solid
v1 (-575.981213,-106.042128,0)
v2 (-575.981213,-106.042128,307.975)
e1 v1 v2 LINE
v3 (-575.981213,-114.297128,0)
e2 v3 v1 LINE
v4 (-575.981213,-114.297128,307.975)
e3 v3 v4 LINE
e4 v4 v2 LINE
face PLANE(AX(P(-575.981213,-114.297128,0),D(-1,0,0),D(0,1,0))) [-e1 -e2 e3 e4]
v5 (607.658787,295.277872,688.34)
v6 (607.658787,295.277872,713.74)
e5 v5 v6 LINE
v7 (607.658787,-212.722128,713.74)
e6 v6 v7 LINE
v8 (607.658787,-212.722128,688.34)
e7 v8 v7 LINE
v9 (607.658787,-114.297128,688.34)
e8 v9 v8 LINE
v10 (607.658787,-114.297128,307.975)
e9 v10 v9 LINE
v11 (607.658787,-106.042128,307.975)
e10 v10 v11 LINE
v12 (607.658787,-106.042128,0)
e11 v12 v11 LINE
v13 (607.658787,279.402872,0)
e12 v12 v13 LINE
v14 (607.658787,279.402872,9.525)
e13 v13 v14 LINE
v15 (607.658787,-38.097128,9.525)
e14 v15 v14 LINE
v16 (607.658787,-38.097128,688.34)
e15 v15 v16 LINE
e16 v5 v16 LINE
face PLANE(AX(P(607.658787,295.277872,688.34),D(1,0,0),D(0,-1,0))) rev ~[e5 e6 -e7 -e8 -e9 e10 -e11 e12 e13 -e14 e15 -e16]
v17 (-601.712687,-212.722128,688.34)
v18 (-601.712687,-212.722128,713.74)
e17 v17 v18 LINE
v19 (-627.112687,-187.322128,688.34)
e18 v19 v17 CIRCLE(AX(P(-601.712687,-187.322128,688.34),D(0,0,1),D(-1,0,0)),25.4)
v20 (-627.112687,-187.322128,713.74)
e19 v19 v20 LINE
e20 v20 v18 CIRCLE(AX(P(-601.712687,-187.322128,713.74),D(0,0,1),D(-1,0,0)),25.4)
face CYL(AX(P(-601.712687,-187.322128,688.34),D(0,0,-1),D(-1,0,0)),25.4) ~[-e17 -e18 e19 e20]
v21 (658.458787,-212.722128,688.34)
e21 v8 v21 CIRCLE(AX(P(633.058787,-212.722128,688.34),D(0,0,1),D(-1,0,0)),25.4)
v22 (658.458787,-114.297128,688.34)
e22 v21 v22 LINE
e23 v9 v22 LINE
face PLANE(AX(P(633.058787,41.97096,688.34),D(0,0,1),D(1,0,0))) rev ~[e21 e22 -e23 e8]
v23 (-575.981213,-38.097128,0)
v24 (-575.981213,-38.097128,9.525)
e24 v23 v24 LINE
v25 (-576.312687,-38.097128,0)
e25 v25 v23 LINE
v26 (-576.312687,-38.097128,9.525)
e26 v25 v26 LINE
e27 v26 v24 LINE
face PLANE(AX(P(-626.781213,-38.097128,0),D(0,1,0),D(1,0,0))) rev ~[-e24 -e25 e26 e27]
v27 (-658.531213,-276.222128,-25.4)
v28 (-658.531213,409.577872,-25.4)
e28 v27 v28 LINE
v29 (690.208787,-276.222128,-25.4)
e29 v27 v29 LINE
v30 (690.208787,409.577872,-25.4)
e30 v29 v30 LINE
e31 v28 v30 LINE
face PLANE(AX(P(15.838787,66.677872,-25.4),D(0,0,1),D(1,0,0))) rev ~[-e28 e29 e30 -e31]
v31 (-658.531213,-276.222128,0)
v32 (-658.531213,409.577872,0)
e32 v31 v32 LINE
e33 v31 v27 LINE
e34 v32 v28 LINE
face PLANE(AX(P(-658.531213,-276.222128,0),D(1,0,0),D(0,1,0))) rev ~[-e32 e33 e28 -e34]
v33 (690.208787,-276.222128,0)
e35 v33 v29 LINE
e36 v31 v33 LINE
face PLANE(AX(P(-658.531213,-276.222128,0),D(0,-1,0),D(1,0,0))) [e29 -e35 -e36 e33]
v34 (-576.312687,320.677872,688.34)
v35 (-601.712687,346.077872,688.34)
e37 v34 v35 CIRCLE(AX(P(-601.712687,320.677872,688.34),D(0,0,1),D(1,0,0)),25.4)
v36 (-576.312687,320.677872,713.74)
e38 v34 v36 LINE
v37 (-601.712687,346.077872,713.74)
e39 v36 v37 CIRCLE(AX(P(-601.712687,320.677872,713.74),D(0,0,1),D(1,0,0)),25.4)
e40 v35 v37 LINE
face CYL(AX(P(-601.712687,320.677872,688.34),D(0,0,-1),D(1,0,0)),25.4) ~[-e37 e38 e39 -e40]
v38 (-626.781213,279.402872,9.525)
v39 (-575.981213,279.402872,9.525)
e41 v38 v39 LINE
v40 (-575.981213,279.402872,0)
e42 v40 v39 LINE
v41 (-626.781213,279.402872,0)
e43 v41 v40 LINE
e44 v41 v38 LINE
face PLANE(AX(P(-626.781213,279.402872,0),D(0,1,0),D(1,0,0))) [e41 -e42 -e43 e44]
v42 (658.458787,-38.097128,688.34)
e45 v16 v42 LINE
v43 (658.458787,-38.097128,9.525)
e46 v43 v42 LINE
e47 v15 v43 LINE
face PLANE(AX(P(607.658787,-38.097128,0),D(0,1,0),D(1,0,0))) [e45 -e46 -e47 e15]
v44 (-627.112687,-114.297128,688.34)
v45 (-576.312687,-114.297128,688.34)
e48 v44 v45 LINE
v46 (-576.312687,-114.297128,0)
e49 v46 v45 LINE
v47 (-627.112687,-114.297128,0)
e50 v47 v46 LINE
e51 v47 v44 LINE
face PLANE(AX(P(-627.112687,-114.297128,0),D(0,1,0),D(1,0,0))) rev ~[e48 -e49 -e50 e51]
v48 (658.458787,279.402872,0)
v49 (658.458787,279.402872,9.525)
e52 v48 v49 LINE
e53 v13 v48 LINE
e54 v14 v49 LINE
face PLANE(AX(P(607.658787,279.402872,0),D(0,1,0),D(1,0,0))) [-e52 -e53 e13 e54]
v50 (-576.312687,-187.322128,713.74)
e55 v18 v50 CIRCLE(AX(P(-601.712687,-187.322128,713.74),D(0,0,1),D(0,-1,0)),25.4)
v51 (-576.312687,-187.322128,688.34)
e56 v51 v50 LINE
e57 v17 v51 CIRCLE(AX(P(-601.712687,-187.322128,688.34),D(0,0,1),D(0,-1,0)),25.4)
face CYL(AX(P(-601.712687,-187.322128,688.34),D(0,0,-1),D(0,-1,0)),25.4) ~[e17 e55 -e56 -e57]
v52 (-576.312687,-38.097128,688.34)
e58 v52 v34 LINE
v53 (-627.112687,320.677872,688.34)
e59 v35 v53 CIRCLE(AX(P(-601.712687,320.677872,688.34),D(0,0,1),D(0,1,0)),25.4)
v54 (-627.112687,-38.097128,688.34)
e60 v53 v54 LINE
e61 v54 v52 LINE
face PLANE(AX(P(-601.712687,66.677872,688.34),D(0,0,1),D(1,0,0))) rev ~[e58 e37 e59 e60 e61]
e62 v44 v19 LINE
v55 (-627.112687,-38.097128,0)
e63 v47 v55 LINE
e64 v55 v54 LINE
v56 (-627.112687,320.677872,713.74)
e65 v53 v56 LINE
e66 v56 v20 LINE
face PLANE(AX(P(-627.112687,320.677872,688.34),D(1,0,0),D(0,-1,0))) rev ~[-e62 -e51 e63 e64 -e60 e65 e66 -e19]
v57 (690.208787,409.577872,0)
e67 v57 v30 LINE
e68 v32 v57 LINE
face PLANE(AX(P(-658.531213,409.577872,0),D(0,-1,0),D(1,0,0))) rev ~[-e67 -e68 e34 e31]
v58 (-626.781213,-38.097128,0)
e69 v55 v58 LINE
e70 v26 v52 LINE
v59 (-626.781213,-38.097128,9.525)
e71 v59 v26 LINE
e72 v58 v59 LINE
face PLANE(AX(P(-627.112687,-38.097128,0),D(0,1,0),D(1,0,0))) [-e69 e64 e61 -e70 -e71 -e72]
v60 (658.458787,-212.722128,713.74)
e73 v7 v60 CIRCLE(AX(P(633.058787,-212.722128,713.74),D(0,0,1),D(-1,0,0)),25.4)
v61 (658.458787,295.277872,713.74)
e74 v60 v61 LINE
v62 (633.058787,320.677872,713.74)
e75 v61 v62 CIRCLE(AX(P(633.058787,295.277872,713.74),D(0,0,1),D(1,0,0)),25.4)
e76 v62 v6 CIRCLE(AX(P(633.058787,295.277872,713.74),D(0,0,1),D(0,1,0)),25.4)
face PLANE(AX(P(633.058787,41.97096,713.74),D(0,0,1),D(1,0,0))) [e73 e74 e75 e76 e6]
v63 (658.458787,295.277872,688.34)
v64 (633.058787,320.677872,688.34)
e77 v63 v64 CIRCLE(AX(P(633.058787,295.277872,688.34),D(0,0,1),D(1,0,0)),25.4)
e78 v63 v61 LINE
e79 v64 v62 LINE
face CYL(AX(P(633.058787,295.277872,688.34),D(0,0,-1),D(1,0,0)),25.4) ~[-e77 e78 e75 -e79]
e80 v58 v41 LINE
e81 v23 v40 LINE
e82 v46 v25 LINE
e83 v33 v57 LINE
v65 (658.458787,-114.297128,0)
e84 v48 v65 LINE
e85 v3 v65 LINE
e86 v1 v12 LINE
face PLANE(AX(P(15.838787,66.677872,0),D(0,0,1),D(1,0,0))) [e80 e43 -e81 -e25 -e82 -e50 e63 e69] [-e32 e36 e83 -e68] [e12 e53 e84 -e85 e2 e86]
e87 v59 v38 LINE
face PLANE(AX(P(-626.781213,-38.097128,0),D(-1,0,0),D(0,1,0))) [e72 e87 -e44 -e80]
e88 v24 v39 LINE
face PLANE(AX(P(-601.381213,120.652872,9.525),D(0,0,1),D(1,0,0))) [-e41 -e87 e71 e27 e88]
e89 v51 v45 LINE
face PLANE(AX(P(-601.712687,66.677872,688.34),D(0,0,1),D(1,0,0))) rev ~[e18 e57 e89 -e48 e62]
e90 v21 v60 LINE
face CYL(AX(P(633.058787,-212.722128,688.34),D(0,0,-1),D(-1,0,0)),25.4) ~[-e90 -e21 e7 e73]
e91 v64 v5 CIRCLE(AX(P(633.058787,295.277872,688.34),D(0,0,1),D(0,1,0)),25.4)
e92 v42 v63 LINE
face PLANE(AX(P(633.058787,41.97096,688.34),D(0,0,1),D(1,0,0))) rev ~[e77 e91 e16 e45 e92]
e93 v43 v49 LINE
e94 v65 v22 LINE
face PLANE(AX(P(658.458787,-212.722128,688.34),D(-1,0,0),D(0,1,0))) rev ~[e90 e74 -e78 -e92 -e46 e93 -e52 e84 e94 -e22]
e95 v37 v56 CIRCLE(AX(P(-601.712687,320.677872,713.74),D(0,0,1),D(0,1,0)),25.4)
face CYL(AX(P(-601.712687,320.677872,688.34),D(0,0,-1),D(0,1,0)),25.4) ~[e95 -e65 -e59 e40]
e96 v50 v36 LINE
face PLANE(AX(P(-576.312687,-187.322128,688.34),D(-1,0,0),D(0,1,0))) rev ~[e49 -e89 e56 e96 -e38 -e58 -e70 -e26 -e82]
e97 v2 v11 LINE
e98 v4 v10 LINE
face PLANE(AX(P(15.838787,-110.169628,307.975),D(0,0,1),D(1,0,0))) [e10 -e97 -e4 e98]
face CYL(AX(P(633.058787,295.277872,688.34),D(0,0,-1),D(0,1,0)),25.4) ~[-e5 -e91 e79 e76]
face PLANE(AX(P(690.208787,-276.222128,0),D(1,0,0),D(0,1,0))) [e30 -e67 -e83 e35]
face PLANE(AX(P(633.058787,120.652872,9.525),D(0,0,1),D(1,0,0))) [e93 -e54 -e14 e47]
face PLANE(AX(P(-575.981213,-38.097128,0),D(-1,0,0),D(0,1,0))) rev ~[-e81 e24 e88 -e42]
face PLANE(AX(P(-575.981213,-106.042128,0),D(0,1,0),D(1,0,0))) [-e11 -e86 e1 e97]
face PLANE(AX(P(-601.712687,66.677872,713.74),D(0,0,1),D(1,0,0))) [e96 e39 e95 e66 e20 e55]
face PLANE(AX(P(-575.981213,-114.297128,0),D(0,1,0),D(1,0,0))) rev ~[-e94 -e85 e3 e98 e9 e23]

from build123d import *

# Parameters (mm, degrees)
F0_W      = 1348.74
F0_H      = 685.8
F1_DEPTH  = 25.4
F4_W      = 50.8
F4_H      = 317.5
F5_DEPTH  = 9.525
F7_W      = 50.8
F7_H      = 76.2
F8_DEPTH  = 688.34
F10_DEPTH = 25.4
F12_DEPTH = 25.4
F13_W     = 1183.64
F13_H     = 8.255
F14_DEPTH = 307.975


with BuildPart() as f1:
    # F0 (on Top) → F1 (new body)
    with BuildSketch(Plane.XY):
        with Locations((15.8387869596, 66.6778717405)):
            Rectangle(F0_W, F0_H)
    extrude(amount=-F1_DEPTH)

    # F4 (on face) → F5 (join)
    with BuildSketch(Plane.XY):
        with Locations((-601.3812130404, 120.6528717405)):
            Rectangle(F4_W, F4_H)
        with Locations((633.0587869596, 120.6528717405)):
            Rectangle(F4_W, F4_H)
    extrude(amount=F5_DEPTH)

    # F7 (on face) → F8 (join)
    with BuildSketch(Plane.XY):
        with Locations((-601.7126866341, -76.1971282595)):
            Rectangle(F7_W, F7_H)
        with Locations((633.0587869596, -76.1971282595)):
            Rectangle(F7_W, F7_H)
    extrude(amount=F8_DEPTH)

    # F9 (on face) → F10 (join)
    with BuildSketch(Plane.XY.offset(688.34)):
        with BuildLine():
            ThreePointArc((-601.7126866341, -212.7221282595), (-583.7521743919, -205.2826405017), (-576.3126866341, -187.3221282595))
            Line((-576.3126866341, -187.3221282595), (-576.3126866341, 320.6778717405))
            ThreePointArc((-576.3126866341, 320.6778717405), (-583.7521743919, 338.6383839826), (-601.7126866341, 346.0778717405))
            ThreePointArc((-601.7126866341, 346.0778717405), (-619.6731988762, 338.6383839826), (-627.1126866341, 320.6778717405))
            Line((-627.1126866341, 320.6778717405), (-627.1126866341, -187.3221282595))
            ThreePointArc((-627.1126866341, -187.3221282595), (-619.6731988762, -205.2826405017), (-601.7126866341, -212.7221282595))
        make_face()
    extrude(amount=F10_DEPTH)

    # F11 (on face) → F12 (join)
    with BuildSketch(Plane.XY.offset(688.34)):
        with BuildLine():
            ThreePointArc((607.6587869596, -212.7221282595), (633.0587869596, -238.1221282595), (658.4587869596, -212.7221282595))
            Line((658.4587869596, -212.7221282595), (658.4587869596, 295.2778717405))
            ThreePointArc((658.4587869596, 295.2778717405), (651.0192992018, 313.2383839826), (633.0587869596, 320.6778717405))
            ThreePointArc((633.0587869596, 320.6778717405), (615.0982747175, 313.2383839826), (607.6587869596, 295.2778717405))
            Line((607.6587869596, 295.2778717405), (607.6587869596, -212.7221282595))
        make_face()
    extrude(amount=F12_DEPTH)

    # F13 (on face) → F14 (join)
    with BuildSketch(Plane.XY):
        with Locations((15.8387869596, -110.1696282595)):
            Rectangle(F13_W, F13_H)
    extrude(amount=F14_DEPTH)


solid = f1.part
